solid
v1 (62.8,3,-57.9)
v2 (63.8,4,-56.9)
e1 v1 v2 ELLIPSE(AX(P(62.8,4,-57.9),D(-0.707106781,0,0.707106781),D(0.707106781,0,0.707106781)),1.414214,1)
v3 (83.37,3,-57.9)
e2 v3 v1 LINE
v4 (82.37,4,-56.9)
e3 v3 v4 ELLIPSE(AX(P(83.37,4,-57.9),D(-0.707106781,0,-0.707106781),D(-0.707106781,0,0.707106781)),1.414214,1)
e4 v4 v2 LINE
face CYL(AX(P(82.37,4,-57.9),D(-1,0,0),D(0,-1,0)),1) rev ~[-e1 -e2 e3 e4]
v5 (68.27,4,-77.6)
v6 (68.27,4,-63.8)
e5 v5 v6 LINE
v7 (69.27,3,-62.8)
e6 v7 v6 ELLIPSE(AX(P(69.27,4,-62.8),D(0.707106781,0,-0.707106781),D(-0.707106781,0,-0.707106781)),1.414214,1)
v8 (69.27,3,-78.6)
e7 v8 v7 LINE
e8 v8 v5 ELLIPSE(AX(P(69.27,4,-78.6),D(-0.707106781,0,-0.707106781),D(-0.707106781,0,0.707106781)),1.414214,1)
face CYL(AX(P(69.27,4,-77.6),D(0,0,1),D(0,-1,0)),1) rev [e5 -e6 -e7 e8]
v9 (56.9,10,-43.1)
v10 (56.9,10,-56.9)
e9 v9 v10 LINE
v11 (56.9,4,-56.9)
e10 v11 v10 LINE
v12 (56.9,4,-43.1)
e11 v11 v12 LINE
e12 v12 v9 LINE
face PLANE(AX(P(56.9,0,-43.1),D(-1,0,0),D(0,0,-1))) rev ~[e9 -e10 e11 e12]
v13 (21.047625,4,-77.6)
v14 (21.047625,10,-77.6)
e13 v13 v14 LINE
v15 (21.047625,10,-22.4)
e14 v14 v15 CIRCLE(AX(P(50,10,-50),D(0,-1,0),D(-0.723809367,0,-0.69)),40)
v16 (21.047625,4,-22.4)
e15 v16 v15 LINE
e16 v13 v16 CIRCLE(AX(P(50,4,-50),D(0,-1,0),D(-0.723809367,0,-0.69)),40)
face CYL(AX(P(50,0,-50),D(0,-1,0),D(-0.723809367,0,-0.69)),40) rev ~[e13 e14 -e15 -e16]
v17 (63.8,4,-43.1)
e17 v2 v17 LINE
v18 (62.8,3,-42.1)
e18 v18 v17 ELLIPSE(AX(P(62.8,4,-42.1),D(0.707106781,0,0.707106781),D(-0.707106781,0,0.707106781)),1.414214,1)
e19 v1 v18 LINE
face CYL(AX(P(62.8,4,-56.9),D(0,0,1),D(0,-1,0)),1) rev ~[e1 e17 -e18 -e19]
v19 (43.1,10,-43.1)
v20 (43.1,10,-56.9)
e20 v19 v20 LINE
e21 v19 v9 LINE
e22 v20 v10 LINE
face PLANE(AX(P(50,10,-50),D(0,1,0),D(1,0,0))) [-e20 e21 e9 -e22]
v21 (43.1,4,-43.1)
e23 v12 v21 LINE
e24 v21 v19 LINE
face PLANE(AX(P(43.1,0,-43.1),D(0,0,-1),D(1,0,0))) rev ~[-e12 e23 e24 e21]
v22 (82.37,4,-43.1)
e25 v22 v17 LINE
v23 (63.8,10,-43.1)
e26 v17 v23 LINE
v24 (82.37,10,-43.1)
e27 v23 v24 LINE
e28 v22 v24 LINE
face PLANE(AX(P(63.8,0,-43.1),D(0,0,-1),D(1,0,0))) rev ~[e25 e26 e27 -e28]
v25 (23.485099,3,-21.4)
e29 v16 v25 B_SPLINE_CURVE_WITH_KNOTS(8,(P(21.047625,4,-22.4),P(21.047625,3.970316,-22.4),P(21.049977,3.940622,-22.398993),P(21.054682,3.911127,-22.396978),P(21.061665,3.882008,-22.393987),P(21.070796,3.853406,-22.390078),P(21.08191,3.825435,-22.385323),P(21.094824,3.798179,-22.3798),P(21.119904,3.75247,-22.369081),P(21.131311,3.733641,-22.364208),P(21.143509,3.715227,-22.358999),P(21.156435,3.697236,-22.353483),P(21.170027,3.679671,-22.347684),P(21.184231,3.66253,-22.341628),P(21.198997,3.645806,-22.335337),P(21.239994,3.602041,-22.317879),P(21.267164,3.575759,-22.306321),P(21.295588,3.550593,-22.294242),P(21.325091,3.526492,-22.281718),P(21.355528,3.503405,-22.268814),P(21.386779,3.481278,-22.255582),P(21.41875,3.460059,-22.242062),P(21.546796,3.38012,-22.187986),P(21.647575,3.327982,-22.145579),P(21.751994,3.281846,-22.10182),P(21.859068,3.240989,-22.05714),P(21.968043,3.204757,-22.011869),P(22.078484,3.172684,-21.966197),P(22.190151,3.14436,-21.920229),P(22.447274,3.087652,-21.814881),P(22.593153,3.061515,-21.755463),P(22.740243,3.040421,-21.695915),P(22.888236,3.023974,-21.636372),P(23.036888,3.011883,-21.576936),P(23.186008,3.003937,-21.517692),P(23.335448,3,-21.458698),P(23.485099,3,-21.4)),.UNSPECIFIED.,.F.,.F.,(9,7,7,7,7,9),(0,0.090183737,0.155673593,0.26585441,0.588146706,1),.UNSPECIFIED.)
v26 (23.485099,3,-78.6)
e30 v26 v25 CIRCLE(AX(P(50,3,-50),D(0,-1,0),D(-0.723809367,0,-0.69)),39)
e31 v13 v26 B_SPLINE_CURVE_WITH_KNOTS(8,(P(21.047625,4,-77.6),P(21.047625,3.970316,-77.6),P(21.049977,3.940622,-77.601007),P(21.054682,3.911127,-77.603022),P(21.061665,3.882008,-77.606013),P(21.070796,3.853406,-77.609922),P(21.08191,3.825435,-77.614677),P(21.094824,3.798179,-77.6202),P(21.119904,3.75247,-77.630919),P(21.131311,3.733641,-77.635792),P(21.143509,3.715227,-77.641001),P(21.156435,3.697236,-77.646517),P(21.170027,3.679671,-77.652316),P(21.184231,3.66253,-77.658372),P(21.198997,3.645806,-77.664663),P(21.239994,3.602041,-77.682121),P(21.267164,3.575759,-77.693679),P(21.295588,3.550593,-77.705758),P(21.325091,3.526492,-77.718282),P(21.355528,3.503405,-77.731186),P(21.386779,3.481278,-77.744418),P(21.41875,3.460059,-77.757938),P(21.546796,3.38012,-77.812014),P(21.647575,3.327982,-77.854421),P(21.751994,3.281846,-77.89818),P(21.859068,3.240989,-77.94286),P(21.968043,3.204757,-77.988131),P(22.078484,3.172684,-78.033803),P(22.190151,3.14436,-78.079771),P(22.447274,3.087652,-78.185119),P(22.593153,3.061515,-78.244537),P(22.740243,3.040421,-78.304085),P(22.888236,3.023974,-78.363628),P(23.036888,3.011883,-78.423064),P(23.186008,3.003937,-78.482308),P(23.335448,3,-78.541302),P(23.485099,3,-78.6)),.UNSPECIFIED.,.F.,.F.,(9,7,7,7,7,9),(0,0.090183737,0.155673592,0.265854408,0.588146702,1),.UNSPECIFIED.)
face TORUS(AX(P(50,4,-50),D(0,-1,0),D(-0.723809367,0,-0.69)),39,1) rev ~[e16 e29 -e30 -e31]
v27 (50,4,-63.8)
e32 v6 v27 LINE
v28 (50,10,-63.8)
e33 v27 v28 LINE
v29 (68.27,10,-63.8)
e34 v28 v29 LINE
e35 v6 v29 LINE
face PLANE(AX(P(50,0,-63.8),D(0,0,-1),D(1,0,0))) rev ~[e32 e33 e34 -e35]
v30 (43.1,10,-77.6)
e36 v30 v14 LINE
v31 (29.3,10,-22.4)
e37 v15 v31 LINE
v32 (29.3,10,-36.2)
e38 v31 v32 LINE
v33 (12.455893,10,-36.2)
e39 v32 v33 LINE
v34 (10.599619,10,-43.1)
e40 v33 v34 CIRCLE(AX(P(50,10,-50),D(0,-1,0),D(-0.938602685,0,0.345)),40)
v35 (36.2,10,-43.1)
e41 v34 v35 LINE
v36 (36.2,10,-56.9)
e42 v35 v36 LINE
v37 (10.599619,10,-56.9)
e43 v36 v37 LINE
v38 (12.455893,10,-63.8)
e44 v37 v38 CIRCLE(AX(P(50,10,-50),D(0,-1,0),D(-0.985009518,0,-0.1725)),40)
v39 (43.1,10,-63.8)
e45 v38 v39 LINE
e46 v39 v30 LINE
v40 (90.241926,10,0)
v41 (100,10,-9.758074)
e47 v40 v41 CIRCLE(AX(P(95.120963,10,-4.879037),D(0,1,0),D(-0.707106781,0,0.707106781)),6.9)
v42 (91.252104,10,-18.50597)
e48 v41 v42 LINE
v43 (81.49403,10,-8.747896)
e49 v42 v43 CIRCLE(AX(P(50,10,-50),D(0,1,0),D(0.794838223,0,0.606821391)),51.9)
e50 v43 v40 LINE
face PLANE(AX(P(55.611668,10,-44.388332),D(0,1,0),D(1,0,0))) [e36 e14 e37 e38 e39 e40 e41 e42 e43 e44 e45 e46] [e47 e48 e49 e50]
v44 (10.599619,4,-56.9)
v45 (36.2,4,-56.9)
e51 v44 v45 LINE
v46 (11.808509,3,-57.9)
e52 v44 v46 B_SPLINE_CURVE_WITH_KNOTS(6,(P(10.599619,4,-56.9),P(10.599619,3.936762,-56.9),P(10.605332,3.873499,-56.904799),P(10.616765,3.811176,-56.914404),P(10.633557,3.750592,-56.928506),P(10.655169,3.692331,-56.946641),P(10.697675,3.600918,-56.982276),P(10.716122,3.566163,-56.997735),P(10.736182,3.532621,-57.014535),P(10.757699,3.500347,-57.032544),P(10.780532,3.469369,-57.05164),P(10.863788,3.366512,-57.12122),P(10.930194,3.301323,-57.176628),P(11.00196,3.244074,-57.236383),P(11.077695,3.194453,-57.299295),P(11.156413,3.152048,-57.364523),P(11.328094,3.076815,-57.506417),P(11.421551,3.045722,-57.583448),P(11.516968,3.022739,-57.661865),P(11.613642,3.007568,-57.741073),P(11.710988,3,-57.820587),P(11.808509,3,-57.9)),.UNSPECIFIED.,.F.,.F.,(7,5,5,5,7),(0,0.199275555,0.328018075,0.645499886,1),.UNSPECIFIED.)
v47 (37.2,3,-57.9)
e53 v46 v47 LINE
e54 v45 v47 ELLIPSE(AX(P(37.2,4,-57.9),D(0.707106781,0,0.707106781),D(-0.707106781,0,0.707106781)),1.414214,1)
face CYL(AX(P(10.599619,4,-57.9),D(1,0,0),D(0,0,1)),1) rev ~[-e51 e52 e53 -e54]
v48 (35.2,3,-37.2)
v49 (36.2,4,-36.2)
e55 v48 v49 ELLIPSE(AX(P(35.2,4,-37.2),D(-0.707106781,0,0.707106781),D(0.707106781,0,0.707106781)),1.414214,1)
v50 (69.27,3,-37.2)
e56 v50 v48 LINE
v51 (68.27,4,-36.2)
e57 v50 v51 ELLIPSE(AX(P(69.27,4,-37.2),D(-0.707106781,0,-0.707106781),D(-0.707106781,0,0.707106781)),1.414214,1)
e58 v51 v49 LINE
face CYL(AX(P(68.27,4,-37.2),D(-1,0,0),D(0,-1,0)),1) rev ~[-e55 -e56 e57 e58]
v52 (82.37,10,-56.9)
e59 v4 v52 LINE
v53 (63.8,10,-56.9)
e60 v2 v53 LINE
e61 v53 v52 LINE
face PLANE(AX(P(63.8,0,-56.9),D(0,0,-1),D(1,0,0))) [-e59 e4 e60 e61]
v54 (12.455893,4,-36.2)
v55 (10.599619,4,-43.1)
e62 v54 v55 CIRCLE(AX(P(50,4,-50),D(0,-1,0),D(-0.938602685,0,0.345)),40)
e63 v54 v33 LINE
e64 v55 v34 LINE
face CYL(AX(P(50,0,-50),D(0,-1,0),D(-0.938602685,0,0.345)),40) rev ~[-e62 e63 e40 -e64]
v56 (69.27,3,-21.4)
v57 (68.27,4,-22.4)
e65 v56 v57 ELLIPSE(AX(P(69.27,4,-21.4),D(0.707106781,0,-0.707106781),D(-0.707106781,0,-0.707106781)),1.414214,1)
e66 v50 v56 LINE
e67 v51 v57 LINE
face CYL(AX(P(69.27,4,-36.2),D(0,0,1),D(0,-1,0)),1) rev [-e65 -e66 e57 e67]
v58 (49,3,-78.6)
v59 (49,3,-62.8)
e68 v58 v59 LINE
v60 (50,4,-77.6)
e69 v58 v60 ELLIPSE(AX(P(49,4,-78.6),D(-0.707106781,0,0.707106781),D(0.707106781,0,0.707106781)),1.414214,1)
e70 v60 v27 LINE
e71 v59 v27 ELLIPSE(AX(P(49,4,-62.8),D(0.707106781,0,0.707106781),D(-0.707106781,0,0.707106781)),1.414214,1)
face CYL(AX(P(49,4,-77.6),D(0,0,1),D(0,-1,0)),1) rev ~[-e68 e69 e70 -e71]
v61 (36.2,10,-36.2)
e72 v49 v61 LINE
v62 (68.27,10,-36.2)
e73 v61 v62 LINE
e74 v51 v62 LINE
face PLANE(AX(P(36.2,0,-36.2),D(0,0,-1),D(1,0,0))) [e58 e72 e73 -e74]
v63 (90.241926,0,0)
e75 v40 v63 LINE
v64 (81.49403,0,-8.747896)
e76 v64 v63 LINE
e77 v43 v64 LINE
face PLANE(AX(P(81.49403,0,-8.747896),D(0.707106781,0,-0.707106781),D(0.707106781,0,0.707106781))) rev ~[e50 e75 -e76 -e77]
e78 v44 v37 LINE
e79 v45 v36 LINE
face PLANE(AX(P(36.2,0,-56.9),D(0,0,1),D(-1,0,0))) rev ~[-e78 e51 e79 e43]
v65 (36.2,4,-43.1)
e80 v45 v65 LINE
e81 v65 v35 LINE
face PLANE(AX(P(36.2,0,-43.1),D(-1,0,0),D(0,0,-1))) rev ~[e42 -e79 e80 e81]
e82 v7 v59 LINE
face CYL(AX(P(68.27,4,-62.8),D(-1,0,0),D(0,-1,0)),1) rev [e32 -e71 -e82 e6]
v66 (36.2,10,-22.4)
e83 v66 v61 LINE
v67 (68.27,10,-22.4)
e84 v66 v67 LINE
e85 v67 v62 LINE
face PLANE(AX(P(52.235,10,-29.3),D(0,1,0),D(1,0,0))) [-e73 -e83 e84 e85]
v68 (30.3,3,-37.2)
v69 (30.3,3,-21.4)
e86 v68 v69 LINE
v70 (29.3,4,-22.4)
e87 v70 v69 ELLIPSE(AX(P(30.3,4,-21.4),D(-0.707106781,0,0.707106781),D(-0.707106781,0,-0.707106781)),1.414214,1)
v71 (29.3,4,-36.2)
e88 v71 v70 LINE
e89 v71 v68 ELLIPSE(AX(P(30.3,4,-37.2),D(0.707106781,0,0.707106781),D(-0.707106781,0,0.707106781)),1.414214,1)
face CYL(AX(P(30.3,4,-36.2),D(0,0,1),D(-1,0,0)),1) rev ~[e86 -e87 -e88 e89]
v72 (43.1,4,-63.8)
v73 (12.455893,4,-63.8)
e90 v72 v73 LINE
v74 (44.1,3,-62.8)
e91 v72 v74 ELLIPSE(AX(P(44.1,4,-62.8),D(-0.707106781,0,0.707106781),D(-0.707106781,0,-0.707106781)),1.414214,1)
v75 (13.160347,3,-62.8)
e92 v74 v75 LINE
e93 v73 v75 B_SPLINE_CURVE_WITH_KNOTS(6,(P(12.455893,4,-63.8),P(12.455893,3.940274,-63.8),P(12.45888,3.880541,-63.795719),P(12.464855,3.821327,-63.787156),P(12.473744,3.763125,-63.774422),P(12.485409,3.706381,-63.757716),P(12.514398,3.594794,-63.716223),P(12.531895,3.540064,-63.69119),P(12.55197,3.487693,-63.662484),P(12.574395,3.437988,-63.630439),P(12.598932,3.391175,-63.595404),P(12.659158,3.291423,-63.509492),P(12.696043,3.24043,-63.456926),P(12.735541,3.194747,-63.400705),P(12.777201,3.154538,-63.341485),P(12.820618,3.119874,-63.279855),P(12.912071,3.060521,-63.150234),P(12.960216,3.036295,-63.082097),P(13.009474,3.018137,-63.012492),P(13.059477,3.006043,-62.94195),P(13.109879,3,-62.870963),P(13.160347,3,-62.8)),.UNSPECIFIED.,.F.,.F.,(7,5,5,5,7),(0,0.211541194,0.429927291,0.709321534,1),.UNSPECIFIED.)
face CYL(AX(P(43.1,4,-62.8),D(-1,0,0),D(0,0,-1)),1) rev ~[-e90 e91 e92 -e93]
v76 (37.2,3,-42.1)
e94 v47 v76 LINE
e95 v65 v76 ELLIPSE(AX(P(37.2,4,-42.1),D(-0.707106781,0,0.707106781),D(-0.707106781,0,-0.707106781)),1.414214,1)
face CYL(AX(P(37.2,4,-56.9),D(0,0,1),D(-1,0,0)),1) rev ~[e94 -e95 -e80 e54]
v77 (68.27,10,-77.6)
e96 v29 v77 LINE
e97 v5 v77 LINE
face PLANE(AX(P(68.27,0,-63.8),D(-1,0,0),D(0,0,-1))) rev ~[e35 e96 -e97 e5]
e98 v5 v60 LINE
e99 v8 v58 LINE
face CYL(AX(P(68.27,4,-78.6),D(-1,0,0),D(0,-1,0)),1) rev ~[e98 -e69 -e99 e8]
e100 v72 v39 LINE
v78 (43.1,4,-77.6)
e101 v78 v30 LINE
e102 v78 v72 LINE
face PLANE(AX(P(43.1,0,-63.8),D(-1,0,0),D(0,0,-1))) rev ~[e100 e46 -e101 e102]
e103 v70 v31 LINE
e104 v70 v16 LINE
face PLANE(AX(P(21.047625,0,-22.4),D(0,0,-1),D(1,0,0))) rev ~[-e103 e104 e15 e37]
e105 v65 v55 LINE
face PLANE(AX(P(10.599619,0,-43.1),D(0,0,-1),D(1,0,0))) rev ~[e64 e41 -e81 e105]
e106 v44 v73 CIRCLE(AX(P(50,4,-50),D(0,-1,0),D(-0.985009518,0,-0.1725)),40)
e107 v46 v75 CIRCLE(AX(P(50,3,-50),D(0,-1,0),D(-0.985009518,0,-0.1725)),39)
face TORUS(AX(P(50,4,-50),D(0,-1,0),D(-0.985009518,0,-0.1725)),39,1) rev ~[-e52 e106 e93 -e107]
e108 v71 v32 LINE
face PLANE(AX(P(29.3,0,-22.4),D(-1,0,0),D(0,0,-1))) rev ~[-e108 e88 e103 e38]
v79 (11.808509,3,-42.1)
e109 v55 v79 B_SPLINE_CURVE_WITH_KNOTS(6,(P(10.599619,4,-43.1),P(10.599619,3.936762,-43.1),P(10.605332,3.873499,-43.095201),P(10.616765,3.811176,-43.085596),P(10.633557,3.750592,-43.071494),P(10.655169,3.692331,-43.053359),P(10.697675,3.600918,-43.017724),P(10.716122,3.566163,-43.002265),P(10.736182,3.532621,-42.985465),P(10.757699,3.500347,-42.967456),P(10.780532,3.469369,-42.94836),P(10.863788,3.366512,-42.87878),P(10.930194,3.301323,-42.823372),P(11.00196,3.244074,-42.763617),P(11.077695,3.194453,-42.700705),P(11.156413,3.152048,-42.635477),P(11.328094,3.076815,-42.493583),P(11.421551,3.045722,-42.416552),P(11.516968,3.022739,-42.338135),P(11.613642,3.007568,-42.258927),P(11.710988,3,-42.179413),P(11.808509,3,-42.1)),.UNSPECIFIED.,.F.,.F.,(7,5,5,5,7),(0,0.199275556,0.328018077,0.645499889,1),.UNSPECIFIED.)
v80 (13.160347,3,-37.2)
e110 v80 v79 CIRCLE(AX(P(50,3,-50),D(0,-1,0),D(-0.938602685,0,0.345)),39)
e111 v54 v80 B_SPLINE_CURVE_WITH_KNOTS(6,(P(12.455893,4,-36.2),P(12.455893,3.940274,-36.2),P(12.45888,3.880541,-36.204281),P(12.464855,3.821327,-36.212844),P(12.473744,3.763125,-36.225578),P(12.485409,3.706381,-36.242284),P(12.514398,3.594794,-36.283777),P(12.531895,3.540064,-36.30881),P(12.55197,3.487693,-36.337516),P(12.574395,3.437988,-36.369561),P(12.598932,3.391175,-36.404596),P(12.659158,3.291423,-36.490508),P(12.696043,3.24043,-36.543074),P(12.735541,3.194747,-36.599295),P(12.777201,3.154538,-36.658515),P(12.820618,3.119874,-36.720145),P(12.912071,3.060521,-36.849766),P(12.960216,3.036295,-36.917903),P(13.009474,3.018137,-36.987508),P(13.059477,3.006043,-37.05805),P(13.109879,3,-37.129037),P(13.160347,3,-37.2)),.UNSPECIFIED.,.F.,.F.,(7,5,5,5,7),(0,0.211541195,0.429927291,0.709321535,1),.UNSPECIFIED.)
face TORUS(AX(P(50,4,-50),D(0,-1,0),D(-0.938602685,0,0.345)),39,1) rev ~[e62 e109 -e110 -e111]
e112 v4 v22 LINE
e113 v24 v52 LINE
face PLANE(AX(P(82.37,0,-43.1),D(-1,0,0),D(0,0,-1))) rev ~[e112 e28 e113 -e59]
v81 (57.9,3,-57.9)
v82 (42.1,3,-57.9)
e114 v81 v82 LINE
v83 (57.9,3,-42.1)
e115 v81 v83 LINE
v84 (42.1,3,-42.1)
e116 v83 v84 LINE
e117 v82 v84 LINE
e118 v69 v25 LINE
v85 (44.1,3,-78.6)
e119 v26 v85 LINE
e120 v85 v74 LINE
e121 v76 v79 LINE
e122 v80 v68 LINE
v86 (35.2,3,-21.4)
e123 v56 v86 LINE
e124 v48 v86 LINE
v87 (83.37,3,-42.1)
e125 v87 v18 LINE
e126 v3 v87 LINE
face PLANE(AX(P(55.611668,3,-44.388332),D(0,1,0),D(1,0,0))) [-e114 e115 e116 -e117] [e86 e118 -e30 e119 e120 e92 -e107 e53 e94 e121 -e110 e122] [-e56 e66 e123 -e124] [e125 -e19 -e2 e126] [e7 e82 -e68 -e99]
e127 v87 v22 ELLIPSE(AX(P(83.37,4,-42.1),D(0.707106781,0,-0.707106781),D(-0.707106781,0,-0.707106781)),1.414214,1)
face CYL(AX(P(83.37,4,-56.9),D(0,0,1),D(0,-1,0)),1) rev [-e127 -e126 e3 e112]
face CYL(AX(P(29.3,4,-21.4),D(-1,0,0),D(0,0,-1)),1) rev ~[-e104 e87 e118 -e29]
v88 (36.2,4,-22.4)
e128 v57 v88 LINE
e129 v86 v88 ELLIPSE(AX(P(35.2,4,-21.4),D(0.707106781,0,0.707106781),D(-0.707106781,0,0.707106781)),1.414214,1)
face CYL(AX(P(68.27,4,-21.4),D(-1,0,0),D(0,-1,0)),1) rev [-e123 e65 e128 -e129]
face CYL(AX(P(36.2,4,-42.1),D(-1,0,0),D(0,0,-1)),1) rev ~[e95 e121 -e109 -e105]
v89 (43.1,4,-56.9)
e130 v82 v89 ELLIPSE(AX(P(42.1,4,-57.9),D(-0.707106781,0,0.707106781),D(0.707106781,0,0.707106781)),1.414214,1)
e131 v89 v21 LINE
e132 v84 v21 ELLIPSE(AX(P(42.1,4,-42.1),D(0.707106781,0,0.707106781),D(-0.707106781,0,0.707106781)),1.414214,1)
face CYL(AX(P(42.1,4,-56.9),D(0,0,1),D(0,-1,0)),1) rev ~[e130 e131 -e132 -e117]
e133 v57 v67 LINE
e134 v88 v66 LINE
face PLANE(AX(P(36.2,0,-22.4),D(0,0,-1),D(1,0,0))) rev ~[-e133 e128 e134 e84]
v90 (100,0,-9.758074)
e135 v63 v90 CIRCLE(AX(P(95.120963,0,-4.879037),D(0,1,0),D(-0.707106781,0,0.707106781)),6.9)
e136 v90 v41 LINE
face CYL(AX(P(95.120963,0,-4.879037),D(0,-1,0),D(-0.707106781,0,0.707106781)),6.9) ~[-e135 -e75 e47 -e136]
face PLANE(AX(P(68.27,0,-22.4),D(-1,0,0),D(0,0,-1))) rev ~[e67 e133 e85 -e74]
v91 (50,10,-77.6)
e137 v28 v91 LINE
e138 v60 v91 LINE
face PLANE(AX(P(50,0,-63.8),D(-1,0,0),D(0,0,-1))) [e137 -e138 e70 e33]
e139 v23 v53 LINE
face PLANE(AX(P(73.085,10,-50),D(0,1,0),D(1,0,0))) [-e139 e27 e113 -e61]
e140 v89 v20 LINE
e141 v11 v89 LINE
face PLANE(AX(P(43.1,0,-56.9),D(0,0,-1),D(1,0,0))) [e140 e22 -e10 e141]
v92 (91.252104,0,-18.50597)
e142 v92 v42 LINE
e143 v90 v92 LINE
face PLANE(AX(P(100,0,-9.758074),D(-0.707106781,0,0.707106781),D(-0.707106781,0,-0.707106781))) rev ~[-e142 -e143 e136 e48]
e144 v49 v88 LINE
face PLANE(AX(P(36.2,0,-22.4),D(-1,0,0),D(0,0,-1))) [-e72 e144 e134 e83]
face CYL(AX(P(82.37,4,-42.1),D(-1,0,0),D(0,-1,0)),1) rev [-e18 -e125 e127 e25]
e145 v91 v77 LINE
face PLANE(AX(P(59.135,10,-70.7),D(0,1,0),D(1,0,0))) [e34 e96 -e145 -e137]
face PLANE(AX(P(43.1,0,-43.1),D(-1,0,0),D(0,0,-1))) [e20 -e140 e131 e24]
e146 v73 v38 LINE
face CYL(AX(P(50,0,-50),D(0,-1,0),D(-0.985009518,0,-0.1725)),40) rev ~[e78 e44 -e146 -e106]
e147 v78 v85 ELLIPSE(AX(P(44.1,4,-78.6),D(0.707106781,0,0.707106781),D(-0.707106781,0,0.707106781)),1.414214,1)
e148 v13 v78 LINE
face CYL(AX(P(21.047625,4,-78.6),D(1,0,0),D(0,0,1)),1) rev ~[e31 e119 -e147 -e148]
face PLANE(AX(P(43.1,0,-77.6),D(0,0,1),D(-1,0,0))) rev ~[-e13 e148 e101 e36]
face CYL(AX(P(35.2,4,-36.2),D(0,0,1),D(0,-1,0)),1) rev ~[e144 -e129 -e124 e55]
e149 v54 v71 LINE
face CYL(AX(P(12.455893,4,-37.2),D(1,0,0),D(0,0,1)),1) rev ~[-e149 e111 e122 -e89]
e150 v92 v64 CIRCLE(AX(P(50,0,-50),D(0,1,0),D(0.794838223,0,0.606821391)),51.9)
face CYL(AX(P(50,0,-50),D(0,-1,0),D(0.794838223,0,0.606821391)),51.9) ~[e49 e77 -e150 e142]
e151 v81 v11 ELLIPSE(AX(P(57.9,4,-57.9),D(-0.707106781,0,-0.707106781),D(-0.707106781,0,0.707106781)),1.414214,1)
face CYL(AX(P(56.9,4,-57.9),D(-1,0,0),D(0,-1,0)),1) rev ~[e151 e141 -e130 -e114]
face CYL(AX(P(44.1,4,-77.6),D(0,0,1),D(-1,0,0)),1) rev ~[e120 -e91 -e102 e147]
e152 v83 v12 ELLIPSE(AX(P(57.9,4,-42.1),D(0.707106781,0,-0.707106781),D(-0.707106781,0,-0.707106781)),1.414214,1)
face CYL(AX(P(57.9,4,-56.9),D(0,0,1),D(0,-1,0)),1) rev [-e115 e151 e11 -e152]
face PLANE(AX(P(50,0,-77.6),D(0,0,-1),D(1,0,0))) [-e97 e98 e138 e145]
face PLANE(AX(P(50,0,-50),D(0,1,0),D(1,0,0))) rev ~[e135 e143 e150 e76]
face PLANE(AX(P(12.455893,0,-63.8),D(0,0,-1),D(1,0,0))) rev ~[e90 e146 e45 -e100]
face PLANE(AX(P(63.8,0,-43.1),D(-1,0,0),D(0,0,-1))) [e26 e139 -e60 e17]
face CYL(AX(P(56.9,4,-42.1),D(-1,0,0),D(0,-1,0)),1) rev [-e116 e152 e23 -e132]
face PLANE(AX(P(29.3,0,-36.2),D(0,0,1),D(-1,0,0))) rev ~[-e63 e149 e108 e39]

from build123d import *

# Parameters (mm, degrees)
BOSS_EXTRUDE12_DEPTH = 3
SKETCH1_16_W         = 18.27
SKETCH1_16_H         = 13.8
SKETCH1_16_W_2       = 18.57
SKETCH1_16_W_3       = 32.07
BOSS_EXTRUDE13_DEPTH = 10
SKETCH1_17_W         = 13.8
SKETCH1_17_H         = 13.8
BOSS_EXTRUDE14_DEPTH = 10
FILLET1_R            = 1


with BuildPart() as part:
    # Sketch1 → Boss-Extrude12 (new body)
    with BuildSketch(Plane(origin=(0, 0, 0), x_dir=(1, 0, 0), z_dir=(0, 1, 0))):
        with BuildLine():
            Line((81.494030169, 8.747896251), (90.24192642, 0))
            ThreePointArc((90.24192642, 0), (100, 0), (100, 9.75807358))
            Line((100, 9.75807358), (91.252103749, 18.505969831))
            ThreePointArc((91.252103749, 18.505969831), (13.301158056, 86.698841944), (81.494030169, 8.747896251))
        make_face()
    extrude(amount=BOSS_EXTRUDE12_DEPTH)

    # Sketch1<16> → Boss-Extrude13 (add)
    # profile 1 of 4: a face of its own
    with BuildSketch(Plane(origin=(0, 0, 0), x_dir=(1, 0, 0), z_dir=(0, 1, 0))):
        with BuildLine():
            Line((81.494030169, 8.747896251), (90.24192642, 0))
            ThreePointArc((90.24192642, 0), (100, 0), (100, 9.75807358))
            Line((100, 9.75807358), (91.252103749, 18.505969831))
            ThreePointArc((91.252103749, 18.505969831), (13.301158056, 86.698841944), (81.494030169, 8.747896251))
        make_face()
        with BuildLine():
            Line((21.047625313, 22.4), (29.3, 22.4))
            Line((29.3, 22.4), (29.3, 36.2))
            Line((29.3, 36.2), (12.455892606, 36.2))
            ThreePointArc((12.455892606, 36.2), (11.37337625, 39.608467983), (10.599619291, 43.1))
            Line((10.599619291, 43.1), (36.2, 43.1))
            Line((36.2, 43.1), (36.2, 56.9))
            Line((36.2, 56.9), (10.599619291, 56.9))
            ThreePointArc((10.599619291, 56.9), (11.37337625, 60.391532017), (12.455892606, 63.8))
            Line((12.455892606, 63.8), (43.1, 63.8))
            Line((43.1, 63.8), (43.1, 77.6))
            Line((43.1, 77.6), (21.047625313, 77.6))
            ThreePointArc((21.047625313, 77.6), (90, 50), (21.047625313, 22.4))
        make_face(mode=Mode.SUBTRACT)
    # profile 2 of 4: a face of its own
    with BuildSketch(Plane(origin=(0, 0, 0), x_dir=(1, 0, 0), z_dir=(0, 1, 0))):
        with Locations((59.135, 70.7)):
            Rectangle(SKETCH1_16_W, SKETCH1_16_H)
    # profile 3 of 4: a face of its own
    with BuildSketch(Plane(origin=(0, 0, 0), x_dir=(1, 0, 0), z_dir=(0, 1, 0))):
        with Locations((73.085, 50)):
            Rectangle(SKETCH1_16_W_2, SKETCH1_16_H)
    # profile 4 of 4: a face of its own
    with BuildSketch(Plane(origin=(0, 0, 0), x_dir=(1, 0, 0), z_dir=(0, 1, 0))):
        with Locations((52.235, 29.3)):
            Rectangle(SKETCH1_16_W_3, SKETCH1_16_H)
    extrude(amount=BOSS_EXTRUDE13_DEPTH)

    # Sketch1<17> → Boss-Extrude14 (add)
    with BuildSketch(Plane(origin=(0, 0, 0), x_dir=(1, 0, 0), z_dir=(0, 1, 0))):
        with Locations((50, 50)):
            Rectangle(SKETCH1_17_W, SKETCH1_17_H)
    extrude(amount=BOSS_EXTRUDE14_DEPTH)

    # Fillet1
    fillet1_edges = [part.edges().sort_by_distance(p)[0] for p in [
        (90, 3, -50),
        (36.2, 3, -29.3),
        (52.235, 3, -22.4),
        (50, 3, -70.7),
        (59.135, 3, -63.8),
        (43.1, 3, -50),
        (50, 3, -43.1),
        (63.8, 3, -50),
        (73.085, 3, -43.1),
        (50, 3, -56.9),
        (73.085, 3, -56.9),
        (56.9, 3, -50),
        (52.235, 3, -36.2),
        (68.27, 3, -29.3),
        (82.37, 3, -50),
        (68.27, 3, -70.7),
        (59.135, 3, -77.6),
        (32.073812657, 3, -77.6),
        (43.1, 3, -70.7),
        (27.777946303, 3, -63.8),
        (11.37337625, 3, -60.391532017),
        (23.399809646, 3, -56.9),
        (36.2, 3, -50),
        (23.399809646, 3, -43.1),
        (11.37337625, 3, -39.608467983),
        (20.877946303, 3, -36.2),
        (29.3, 3, -29.3),
        (25.173812657, 3, -22.4),
    ]]
    fillet(fillet1_edges, radius=FILLET1_R)


solid = part.part
